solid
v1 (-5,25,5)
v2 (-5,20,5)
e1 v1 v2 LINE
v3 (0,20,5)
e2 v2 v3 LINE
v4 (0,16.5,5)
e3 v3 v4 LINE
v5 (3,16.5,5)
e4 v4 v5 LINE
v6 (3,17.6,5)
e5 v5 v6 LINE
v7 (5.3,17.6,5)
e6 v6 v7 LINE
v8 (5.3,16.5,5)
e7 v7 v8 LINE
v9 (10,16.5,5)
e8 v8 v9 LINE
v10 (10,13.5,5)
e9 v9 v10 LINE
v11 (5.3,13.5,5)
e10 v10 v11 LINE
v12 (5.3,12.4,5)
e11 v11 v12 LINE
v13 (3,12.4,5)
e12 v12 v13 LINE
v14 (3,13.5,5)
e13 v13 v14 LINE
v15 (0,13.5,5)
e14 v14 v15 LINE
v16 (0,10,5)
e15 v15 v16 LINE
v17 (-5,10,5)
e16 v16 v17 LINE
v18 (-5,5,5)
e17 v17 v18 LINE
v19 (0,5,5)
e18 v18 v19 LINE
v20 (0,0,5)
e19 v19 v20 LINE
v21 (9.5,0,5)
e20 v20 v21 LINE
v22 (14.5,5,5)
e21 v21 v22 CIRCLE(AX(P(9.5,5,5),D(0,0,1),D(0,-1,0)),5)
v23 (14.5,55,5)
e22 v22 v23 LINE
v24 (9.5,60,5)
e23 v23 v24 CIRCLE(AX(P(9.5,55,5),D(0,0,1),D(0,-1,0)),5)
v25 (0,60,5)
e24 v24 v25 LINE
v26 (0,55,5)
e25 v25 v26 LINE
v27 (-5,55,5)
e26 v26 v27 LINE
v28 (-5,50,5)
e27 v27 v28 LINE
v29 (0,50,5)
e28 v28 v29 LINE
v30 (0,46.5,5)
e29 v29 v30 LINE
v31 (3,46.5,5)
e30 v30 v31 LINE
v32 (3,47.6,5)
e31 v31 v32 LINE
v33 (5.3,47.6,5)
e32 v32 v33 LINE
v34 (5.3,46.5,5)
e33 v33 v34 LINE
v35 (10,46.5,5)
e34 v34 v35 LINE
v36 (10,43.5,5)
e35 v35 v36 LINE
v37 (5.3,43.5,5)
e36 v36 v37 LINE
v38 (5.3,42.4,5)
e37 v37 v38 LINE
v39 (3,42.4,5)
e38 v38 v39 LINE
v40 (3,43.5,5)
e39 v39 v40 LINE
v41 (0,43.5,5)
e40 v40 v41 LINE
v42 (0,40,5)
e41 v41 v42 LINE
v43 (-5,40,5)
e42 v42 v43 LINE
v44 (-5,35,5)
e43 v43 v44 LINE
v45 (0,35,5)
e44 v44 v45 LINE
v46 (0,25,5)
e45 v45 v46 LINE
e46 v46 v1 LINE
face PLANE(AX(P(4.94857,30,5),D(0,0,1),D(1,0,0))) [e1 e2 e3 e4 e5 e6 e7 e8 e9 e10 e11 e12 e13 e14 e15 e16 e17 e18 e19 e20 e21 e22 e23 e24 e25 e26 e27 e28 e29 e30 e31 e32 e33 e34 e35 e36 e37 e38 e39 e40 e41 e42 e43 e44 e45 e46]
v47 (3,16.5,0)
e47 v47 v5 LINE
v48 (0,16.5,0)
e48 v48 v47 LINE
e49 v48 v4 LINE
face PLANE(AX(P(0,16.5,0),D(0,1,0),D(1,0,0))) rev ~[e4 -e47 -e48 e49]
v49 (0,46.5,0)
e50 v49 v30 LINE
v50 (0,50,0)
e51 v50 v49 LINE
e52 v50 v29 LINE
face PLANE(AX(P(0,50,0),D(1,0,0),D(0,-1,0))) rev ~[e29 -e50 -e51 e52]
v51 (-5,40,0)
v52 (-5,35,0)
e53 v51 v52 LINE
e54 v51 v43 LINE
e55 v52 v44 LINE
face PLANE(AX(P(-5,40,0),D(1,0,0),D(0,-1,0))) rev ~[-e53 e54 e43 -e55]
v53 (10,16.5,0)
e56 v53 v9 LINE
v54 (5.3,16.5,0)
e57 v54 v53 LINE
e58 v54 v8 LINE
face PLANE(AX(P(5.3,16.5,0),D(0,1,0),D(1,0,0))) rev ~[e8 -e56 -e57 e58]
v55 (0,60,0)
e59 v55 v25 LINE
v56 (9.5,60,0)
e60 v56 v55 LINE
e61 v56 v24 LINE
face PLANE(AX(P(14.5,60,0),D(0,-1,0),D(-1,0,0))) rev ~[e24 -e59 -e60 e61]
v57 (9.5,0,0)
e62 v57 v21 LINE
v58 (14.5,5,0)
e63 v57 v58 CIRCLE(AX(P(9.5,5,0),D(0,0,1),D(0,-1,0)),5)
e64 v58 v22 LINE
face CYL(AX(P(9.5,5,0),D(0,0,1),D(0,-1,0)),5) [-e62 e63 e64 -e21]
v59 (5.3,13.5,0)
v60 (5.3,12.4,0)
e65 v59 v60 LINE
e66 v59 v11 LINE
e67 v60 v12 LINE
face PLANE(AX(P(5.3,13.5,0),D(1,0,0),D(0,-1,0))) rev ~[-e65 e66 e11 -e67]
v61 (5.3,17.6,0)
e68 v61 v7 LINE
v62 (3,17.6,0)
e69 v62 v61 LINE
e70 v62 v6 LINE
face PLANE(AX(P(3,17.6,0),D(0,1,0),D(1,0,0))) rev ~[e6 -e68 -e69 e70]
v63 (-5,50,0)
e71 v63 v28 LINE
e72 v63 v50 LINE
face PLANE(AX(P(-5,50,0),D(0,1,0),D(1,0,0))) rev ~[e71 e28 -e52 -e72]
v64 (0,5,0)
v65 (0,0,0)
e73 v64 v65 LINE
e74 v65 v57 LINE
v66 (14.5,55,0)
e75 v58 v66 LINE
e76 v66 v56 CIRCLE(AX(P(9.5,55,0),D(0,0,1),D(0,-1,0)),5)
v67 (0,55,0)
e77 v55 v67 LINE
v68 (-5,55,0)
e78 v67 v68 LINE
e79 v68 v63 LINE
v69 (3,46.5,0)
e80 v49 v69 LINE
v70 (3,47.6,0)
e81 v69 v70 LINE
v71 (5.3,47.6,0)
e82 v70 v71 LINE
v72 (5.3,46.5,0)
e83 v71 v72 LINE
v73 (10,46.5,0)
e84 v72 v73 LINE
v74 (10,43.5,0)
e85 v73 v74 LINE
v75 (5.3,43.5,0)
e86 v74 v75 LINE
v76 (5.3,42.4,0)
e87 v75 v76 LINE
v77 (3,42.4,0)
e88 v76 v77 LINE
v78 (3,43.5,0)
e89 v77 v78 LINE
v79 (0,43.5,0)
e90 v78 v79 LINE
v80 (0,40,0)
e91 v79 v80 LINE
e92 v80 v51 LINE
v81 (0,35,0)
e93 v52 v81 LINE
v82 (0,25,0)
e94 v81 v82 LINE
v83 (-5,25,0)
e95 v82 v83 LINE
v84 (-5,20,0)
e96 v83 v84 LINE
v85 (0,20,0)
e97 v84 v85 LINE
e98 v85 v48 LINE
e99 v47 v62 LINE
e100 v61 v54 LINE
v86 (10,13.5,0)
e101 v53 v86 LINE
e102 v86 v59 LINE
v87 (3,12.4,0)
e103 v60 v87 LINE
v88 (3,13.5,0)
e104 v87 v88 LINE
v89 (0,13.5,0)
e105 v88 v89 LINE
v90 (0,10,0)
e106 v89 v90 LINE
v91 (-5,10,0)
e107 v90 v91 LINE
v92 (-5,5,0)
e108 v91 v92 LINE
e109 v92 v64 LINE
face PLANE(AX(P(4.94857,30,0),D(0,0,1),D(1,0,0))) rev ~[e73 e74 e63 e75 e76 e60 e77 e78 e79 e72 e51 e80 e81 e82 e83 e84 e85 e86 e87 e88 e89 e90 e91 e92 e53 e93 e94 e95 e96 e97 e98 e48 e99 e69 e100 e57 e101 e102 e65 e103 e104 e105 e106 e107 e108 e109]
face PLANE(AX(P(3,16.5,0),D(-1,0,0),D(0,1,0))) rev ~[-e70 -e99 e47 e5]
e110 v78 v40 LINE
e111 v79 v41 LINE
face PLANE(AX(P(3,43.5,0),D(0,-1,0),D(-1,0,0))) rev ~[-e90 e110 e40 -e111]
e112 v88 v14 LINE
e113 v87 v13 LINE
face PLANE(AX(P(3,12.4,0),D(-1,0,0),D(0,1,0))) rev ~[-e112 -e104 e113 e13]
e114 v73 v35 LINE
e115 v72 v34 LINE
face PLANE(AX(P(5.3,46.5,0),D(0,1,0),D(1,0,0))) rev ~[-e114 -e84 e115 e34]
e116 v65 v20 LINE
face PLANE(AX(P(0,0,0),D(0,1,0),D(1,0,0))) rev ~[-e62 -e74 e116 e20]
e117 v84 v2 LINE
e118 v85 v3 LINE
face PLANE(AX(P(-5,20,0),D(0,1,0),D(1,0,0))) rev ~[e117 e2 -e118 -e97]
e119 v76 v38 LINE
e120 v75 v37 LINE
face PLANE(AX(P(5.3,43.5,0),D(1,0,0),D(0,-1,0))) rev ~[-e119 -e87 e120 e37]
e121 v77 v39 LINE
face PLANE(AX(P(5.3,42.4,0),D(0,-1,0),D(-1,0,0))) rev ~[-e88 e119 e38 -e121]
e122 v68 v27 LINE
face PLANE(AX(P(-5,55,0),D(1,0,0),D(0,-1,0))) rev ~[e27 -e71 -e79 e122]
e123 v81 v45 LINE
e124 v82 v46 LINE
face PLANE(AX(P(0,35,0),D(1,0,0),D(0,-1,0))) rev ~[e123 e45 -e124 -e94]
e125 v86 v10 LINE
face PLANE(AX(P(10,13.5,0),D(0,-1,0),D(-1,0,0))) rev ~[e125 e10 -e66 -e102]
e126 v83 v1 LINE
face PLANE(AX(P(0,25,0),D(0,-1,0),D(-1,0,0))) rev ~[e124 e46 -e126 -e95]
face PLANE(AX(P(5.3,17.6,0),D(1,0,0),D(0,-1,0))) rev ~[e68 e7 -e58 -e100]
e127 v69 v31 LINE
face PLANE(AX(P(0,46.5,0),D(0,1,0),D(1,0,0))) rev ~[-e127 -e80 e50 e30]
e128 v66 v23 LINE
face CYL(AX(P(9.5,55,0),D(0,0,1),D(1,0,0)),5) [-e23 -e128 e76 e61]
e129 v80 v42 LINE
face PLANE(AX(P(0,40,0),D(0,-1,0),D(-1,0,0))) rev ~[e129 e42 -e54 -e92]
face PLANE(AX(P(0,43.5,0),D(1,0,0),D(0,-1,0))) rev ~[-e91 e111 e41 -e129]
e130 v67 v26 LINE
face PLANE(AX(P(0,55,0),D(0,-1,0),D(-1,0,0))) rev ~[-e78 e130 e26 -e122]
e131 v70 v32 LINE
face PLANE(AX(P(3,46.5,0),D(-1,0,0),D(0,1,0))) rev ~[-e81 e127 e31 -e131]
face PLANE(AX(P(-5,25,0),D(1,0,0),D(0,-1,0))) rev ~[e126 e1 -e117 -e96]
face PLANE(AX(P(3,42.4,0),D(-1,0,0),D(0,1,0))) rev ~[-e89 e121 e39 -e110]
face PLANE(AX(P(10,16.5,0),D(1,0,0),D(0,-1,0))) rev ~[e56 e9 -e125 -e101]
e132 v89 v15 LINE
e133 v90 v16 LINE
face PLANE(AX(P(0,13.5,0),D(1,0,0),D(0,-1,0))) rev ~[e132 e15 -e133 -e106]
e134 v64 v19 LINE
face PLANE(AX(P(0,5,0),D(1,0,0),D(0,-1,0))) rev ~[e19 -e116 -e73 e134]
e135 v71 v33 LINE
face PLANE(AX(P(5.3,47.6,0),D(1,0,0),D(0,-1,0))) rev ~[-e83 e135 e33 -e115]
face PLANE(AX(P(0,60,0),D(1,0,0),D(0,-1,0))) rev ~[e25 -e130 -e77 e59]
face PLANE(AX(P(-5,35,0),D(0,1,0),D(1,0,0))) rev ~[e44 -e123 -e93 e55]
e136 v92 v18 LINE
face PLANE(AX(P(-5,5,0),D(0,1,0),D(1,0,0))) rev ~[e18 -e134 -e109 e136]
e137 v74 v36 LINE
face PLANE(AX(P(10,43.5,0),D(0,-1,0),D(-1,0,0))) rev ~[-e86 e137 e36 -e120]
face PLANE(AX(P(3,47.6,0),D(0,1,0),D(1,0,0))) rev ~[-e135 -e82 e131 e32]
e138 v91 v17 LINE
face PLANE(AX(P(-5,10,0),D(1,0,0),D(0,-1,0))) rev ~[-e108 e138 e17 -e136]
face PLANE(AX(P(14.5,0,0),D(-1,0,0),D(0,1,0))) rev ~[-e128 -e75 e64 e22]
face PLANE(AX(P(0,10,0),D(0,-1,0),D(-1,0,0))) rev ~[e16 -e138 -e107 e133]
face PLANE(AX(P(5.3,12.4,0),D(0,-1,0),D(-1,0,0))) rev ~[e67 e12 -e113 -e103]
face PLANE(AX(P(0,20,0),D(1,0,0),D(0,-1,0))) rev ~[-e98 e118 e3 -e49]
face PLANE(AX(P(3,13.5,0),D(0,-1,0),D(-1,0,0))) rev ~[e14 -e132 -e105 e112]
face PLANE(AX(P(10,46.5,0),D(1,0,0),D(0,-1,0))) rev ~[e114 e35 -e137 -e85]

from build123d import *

# Parameters (mm, degrees)
BOSS_EXTRUDE1_DEPTH = 5
FILLET1_R           = 5


with BuildPart() as part:
    # Sketch1 → Boss-Extrude1 (new body)
    with BuildSketch(Plane.XY):
        Polygon((0, 60), (0, 55), (-5, 55), (-5, 50), (0, 50), (0, 46.5), (3, 46.5), (3, 47.6), (5.3, 47.6), (5.3, 46.5), (10, 46.5), (10, 43.5), (5.3, 43.5), (5.3, 42.4), (3, 42.4), (3, 43.5), (0, 43.5), (0, 40), (-5, 40), (-5, 35), (0, 35), (0, 25), (-5, 25), (-5, 20), (0, 20), (0, 16.5), (3, 16.5), (3, 17.6), (5.3, 17.6), (5.3, 16.5), (10, 16.5), (10, 13.5), (5.3, 13.5), (5.3, 12.4), (3, 12.4), (3, 13.5), (0, 13.5), (0, 10), (-5, 10), (-5, 5), (0, 5), (0, 0), (14.5, 0), (14.5, 60), align=None)
    extrude(amount=BOSS_EXTRUDE1_DEPTH)

    # Fillet1
    fillet1_edges = [part.edges().sort_by_distance(p)[0] for p in [
        (14.5, 60, 2.5),
        (14.5, 0, 2.5),
    ]]
    fillet(fillet1_edges, radius=FILLET1_R)


solid = part.part
